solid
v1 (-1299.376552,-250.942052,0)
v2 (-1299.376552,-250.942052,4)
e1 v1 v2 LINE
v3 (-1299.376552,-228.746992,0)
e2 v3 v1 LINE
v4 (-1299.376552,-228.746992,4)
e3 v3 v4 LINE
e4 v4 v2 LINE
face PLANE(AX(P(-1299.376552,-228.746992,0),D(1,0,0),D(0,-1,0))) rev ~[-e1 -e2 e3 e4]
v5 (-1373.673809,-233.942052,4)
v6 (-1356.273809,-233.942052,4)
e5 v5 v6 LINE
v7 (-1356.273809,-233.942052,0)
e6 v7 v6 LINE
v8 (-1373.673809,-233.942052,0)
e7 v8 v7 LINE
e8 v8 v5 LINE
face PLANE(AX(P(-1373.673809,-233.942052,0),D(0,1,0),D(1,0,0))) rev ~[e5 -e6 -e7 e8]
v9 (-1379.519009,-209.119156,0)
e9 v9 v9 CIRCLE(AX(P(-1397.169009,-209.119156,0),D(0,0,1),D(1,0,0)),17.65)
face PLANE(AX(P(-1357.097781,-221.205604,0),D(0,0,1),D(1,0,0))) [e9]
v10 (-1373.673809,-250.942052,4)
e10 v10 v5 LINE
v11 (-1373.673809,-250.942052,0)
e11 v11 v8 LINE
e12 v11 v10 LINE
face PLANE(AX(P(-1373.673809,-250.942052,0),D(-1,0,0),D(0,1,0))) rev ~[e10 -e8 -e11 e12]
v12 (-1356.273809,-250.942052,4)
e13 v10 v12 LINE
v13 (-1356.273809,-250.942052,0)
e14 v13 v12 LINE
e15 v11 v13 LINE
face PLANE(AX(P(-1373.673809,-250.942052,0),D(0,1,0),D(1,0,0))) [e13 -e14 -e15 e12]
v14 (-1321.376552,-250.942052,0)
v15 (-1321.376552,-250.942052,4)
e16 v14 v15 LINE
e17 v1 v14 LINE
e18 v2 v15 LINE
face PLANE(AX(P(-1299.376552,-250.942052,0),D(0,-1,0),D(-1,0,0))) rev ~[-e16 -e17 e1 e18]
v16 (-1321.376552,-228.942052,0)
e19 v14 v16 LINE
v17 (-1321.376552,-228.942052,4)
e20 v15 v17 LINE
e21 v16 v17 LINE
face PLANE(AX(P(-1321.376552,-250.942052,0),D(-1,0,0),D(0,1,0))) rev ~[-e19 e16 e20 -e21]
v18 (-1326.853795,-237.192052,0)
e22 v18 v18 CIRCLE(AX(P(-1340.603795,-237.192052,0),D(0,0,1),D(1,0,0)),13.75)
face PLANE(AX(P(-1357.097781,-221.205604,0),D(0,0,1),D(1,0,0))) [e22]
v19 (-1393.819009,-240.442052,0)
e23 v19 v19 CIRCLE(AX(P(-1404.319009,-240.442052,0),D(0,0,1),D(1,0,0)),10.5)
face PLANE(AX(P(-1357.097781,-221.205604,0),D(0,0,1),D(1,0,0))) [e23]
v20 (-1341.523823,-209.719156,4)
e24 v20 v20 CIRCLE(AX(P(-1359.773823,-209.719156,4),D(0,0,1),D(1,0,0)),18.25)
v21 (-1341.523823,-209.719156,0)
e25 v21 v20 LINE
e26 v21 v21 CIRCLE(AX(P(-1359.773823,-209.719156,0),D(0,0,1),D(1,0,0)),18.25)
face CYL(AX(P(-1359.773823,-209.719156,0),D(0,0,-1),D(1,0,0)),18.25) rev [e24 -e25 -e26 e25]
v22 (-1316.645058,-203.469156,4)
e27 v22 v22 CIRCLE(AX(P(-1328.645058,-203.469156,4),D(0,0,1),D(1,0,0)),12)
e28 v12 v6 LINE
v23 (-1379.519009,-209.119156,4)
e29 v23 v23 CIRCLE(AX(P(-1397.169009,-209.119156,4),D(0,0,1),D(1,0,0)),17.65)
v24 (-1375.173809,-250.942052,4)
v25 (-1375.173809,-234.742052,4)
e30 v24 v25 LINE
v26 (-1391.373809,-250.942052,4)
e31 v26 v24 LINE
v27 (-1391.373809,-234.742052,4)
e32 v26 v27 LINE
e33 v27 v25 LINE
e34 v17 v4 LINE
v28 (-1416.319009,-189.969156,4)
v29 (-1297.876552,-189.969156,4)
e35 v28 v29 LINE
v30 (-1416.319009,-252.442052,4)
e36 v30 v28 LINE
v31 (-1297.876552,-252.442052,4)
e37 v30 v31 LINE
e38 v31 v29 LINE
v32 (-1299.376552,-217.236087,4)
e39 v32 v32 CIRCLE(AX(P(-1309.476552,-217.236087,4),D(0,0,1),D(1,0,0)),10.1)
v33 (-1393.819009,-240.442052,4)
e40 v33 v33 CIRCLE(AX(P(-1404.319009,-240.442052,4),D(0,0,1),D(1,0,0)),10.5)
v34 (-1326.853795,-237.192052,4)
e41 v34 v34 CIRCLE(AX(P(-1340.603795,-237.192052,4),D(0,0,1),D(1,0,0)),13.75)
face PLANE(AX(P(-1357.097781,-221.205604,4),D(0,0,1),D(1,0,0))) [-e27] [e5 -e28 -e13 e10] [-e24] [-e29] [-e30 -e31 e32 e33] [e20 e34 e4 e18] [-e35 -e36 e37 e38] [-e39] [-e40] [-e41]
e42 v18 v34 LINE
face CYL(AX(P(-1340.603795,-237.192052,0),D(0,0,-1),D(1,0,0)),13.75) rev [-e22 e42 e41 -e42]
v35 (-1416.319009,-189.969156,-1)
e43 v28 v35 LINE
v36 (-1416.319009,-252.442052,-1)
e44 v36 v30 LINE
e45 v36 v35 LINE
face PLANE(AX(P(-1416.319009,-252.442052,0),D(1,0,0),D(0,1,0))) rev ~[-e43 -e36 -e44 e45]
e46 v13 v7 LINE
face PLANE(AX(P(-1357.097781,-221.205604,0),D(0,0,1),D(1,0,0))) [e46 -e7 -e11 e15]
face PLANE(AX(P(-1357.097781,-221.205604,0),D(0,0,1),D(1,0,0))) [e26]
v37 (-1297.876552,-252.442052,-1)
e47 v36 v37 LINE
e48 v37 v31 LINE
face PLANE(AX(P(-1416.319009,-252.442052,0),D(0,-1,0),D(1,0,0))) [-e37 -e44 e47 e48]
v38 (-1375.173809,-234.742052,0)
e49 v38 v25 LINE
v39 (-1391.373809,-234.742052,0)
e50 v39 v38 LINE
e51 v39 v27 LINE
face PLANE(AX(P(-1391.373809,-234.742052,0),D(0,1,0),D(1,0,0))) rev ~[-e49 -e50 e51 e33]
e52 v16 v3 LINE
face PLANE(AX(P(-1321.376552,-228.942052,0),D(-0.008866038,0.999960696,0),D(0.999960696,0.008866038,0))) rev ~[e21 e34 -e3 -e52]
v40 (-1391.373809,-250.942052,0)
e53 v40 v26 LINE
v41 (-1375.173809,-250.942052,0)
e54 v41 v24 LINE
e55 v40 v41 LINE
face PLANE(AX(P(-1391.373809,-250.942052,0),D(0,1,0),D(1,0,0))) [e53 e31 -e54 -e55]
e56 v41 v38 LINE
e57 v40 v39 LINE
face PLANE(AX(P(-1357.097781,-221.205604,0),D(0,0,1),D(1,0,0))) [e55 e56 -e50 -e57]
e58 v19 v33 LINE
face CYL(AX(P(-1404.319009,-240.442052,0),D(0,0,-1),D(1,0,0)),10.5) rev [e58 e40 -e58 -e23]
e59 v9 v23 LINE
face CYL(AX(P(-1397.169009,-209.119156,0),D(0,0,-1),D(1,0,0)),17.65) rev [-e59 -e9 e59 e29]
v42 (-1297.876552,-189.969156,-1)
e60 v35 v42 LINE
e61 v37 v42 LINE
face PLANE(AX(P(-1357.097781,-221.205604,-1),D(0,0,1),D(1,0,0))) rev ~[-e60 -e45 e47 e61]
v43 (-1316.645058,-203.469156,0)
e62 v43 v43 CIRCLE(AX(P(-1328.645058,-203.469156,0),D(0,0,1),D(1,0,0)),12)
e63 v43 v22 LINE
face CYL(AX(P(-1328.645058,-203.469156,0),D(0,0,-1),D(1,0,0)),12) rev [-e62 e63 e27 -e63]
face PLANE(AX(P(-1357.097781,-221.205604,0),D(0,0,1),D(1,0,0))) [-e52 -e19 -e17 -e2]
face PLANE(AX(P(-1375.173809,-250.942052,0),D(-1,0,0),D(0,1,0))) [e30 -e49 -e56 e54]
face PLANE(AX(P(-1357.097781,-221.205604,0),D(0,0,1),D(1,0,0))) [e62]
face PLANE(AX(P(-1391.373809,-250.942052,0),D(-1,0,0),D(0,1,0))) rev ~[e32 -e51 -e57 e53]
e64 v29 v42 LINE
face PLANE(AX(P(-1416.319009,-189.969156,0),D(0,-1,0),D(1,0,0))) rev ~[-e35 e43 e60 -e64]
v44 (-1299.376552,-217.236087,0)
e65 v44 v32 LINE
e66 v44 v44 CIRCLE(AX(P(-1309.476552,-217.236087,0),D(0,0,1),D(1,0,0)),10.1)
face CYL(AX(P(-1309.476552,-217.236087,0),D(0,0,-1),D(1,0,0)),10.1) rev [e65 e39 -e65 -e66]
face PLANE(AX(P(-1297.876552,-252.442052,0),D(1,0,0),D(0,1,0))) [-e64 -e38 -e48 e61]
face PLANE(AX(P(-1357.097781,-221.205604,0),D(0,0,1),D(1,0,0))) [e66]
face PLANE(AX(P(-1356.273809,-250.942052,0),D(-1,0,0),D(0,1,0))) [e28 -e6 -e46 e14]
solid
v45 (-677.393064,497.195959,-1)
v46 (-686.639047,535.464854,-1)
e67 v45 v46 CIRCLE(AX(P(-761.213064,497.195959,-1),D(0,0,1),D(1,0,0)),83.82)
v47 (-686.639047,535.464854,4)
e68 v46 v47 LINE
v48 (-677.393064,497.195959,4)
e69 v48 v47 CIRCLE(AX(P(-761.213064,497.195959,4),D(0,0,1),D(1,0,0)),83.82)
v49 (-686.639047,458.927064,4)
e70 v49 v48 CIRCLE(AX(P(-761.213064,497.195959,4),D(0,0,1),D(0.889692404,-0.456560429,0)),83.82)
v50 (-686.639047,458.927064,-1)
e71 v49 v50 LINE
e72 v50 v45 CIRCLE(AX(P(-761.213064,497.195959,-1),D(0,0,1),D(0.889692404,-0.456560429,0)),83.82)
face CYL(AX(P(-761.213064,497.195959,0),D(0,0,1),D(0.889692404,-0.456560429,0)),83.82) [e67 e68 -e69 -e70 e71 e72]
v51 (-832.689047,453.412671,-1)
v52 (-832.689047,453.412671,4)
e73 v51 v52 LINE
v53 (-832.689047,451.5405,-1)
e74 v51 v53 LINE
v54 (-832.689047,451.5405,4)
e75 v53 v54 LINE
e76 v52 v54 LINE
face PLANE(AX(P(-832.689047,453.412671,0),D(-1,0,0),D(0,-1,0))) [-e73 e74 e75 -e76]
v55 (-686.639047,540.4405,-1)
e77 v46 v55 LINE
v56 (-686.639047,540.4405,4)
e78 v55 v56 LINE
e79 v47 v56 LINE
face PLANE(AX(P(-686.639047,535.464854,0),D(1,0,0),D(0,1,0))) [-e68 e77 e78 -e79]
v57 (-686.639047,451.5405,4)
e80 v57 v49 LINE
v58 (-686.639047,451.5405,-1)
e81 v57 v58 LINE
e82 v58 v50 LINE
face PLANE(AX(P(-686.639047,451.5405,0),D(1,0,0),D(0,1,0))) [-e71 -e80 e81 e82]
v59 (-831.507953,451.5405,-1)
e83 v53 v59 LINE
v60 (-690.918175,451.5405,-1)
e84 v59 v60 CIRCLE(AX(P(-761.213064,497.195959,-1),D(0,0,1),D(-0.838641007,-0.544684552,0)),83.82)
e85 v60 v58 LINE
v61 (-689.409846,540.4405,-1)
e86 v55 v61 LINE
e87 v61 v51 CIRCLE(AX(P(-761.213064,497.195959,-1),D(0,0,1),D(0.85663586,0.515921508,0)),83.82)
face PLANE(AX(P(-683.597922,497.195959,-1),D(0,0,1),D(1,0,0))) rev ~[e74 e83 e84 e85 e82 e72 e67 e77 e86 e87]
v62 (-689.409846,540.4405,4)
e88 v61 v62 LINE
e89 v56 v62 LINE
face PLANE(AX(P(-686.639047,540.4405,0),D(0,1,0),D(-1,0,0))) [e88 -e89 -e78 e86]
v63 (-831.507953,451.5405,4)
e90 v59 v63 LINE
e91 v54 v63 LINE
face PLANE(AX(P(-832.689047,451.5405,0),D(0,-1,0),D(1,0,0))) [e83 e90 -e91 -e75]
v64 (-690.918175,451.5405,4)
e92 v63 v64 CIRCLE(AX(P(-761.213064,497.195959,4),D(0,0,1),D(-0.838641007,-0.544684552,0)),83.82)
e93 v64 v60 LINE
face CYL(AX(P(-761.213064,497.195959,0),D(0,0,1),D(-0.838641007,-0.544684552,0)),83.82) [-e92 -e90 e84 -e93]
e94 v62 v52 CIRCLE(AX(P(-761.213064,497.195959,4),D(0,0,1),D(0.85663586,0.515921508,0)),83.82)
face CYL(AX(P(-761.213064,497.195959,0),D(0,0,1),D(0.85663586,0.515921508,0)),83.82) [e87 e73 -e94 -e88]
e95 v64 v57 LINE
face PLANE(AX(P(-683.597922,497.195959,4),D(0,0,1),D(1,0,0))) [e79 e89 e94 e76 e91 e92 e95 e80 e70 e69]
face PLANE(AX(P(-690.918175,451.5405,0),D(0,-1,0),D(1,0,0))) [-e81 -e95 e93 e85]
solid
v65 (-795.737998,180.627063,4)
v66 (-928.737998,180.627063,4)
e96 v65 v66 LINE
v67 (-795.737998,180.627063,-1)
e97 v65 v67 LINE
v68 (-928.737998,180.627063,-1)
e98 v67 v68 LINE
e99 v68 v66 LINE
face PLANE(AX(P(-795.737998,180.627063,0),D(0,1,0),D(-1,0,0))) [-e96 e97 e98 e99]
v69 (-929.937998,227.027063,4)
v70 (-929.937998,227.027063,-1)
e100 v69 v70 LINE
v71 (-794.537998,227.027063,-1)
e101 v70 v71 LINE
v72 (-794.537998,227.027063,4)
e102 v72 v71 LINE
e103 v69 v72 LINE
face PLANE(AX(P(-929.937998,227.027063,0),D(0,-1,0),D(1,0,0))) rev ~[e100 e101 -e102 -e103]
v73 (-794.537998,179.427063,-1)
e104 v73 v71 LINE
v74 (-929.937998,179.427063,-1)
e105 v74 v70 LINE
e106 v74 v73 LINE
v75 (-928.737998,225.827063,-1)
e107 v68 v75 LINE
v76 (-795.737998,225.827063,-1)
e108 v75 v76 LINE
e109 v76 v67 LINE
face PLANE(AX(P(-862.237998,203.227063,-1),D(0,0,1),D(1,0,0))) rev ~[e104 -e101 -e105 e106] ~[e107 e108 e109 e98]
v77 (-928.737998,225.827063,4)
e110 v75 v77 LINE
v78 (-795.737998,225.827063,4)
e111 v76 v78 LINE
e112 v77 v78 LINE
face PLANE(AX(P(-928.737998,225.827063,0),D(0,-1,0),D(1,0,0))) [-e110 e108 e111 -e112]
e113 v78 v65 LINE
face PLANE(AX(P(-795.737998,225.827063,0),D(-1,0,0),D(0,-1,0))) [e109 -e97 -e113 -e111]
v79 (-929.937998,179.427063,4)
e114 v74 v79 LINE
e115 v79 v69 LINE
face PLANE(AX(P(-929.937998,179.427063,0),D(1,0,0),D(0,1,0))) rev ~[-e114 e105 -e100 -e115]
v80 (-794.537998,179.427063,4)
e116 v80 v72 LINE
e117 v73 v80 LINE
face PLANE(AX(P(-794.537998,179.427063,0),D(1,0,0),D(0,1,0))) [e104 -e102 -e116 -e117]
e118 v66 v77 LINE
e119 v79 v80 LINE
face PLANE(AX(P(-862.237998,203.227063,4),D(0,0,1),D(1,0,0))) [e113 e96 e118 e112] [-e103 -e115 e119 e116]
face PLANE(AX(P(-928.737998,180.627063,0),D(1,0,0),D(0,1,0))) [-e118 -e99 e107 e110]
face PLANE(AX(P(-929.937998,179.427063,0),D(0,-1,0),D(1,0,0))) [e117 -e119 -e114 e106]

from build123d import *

# Parameters (mm, degrees)
F1_DEPTH = 4
F0_W     = 118.4424577934
F0_H     = 62.4728963787
F0_R     = 10.5
F0_W_2   = 16.2
F0_H_2   = 16.2
F0_R_2   = 17.65
F0_W_3   = 17.4
F0_H_3   = 17
F0_R_3   = 13.75
F0_R_4   = 18.25
F0_R_5   = 12
F0_R_6   = 10.1
F0_W_4   = 135.4
F0_H_4   = 47.6
F2_DEPTH = 1


with BuildPart() as f1:
    # F0 (on Top) → F1 (new body)
    with BuildSketch(Plane.XY):
        with BuildLine():
            ThreePointArc((-686.6390468597, 458.9270639063), (-679.7373422487, 477.5109614145), (-677.3930641937, 497.1959590912))
            ThreePointArc((-677.3930641937, 497.1959590912), (-679.7373422487, 516.8809567679), (-686.6390468597, 535.4648542761))
            Line((-686.6390468597, 535.4648542761), (-686.6390468597, 458.9270639063))
        make_face()
        with BuildLine():
            Line((-686.6390468597, 458.9270639063), (-686.6390468597, 535.4648542761))
            ThreePointArc((-686.6390468597, 535.4648542761), (-687.9821758707, 537.9762165133), (-689.4098463827, 540.4404999256))
            Line((-689.4098463827, 540.4404999256), (-832.6890468597, 540.4404999256))
            Line((-832.6890468597, 540.4404999256), (-832.6890468597, 453.4126711616))
            ThreePointArc((-832.6890468597, 453.4126711616), (-832.104680652, 452.4726864479), (-831.507953399, 451.5404999256))
            Line((-831.507953399, 451.5404999256), (-690.9181749885, 451.5404999256))
            ThreePointArc((-690.9181749885, 451.5404999256), (-688.6845156605, 455.1792713627), (-686.6390468597, 458.9270639063))
        make_face()
        with BuildLine():
            ThreePointArc((-689.4098463827, 540.4404999256), (-687.9821758707, 537.9762165133), (-686.6390468597, 535.4648542761))
            Line((-686.6390468597, 535.4648542761), (-686.6390468597, 540.4404999256))
            Line((-686.6390468597, 540.4404999256), (-689.4098463827, 540.4404999256))
        make_face()
        with BuildLine():
            Line((-686.6390468597, 451.5404999256), (-686.6390468597, 458.9270639063))
            ThreePointArc((-686.6390468597, 458.9270639063), (-688.6845156605, 455.1792713627), (-690.9181749885, 451.5404999256))
            Line((-690.9181749885, 451.5404999256), (-686.6390468597, 451.5404999256))
        make_face()
        with BuildLine():
            Line((-832.6890468597, 540.4404999256), (-689.4098463827, 540.4404999256))
            ThreePointArc((-689.4098463827, 540.4404999256), (-804.7272861856, 568.8360657665), (-832.6890468597, 453.4126711616))
            Line((-832.6890468597, 453.4126711616), (-832.6890468597, 540.4404999256))
        make_face()
        with BuildLine():
            ThreePointArc((-831.507953399, 451.5404999256), (-761.2130641937, 413.3759590912), (-690.9181749885, 451.5404999256))
            Line((-690.9181749885, 451.5404999256), (-831.507953399, 451.5404999256))
        make_face()
        with BuildLine():
            ThreePointArc((-831.507953399, 451.5404999256), (-832.104680652, 452.4726864479), (-832.6890468597, 453.4126711616))
            Line((-832.6890468597, 453.4126711616), (-832.6890468597, 451.5404999256))
            Line((-832.6890468597, 451.5404999256), (-831.507953399, 451.5404999256))
        make_face()
    extrude(amount=F1_DEPTH)

    # F0 (on Top) → F2 (join)
    with BuildSketch(Plane.XY):
        with BuildLine():
            ThreePointArc((-686.6390468597, 458.9270639063), (-679.7373422487, 477.5109614145), (-677.3930641937, 497.1959590912))
            ThreePointArc((-677.3930641937, 497.1959590912), (-679.7373422487, 516.8809567679), (-686.6390468597, 535.4648542761))
            Line((-686.6390468597, 535.4648542761), (-686.6390468597, 458.9270639063))
        make_face()
        with BuildLine():
            Line((-686.6390468597, 458.9270639063), (-686.6390468597, 535.4648542761))
            ThreePointArc((-686.6390468597, 535.4648542761), (-687.9821758707, 537.9762165133), (-689.4098463827, 540.4404999256))
            Line((-689.4098463827, 540.4404999256), (-832.6890468597, 540.4404999256))
            Line((-832.6890468597, 540.4404999256), (-832.6890468597, 453.4126711616))
            ThreePointArc((-832.6890468597, 453.4126711616), (-832.104680652, 452.4726864479), (-831.507953399, 451.5404999256))
            Line((-831.507953399, 451.5404999256), (-690.9181749885, 451.5404999256))
            ThreePointArc((-690.9181749885, 451.5404999256), (-688.6845156605, 455.1792713627), (-686.6390468597, 458.9270639063))
        make_face()
        with BuildLine():
            ThreePointArc((-689.4098463827, 540.4404999256), (-687.9821758707, 537.9762165133), (-686.6390468597, 535.4648542761))
            Line((-686.6390468597, 535.4648542761), (-686.6390468597, 540.4404999256))
            Line((-686.6390468597, 540.4404999256), (-689.4098463827, 540.4404999256))
        make_face()
        with BuildLine():
            Line((-686.6390468597, 451.5404999256), (-686.6390468597, 458.9270639063))
            ThreePointArc((-686.6390468597, 458.9270639063), (-688.6845156605, 455.1792713627), (-690.9181749885, 451.5404999256))
            Line((-690.9181749885, 451.5404999256), (-686.6390468597, 451.5404999256))
        make_face()
        with BuildLine():
            Line((-832.6890468597, 540.4404999256), (-689.4098463827, 540.4404999256))
            ThreePointArc((-689.4098463827, 540.4404999256), (-804.7272861856, 568.8360657665), (-832.6890468597, 453.4126711616))
            Line((-832.6890468597, 453.4126711616), (-832.6890468597, 540.4404999256))
        make_face()
        with BuildLine():
            ThreePointArc((-831.507953399, 451.5404999256), (-761.2130641937, 413.3759590912), (-690.9181749885, 451.5404999256))
            Line((-690.9181749885, 451.5404999256), (-831.507953399, 451.5404999256))
        make_face()
        with BuildLine():
            ThreePointArc((-831.507953399, 451.5404999256), (-832.104680652, 452.4726864479), (-832.6890468597, 453.4126711616))
            Line((-832.6890468597, 453.4126711616), (-832.6890468597, 451.5404999256))
            Line((-832.6890468597, 451.5404999256), (-831.507953399, 451.5404999256))
        make_face()
    extrude(amount=-F2_DEPTH)


with BuildPart() as f1b:
    # F0 (on Top) → F1, piece 2 (new body)
    with BuildSketch(Plane.XY):
        with Locations((-1357.0977805248, -221.2056042942)):
            Rectangle(F0_W, F0_H)
        with Locations((-1404.3190094215, -240.4420524836)):
            Circle(F0_R, mode=Mode.SUBTRACT)
        with Locations((-1383.2738094807, -242.8420524836)):
            Rectangle(F0_W_2, F0_H_2, mode=Mode.SUBTRACT)
        with Locations((-1397.1690094215, -209.1191561049)):
            Circle(F0_R_2, mode=Mode.SUBTRACT)
        with Locations((-1364.9738094807, -242.4420524836)):
            Rectangle(F0_W_3, F0_H_3, mode=Mode.SUBTRACT)
        with Locations((-1340.603794799, -237.1920524836)):
            Circle(F0_R_3, mode=Mode.SUBTRACT)
        with Locations((-1359.7738225655, -209.7191561049)):
            Circle(F0_R_4, mode=Mode.SUBTRACT)
        with Locations((-1328.6450577329, -203.4691561049)):
            Circle(F0_R_5, mode=Mode.SUBTRACT)
        Polygon((-1299.3765516281, -250.9420524836), (-1321.3765516281, -250.9420524836), (-1321.3765516281, -228.9420524836), (-1299.3765516281, -228.7469919896), align=None, mode=Mode.SUBTRACT)
        with Locations((-1309.4765516281, -217.2360865438)):
            Circle(F0_R_6, mode=Mode.SUBTRACT)
    extrude(amount=F1_DEPTH)

    # F0 (on Top) → F2, piece 2 (join)
    with BuildSketch(Plane.XY):
        with Locations((-1357.0977805248, -221.2056042942)):
            Rectangle(F0_W, F0_H)
        with Locations((-1404.3190094215, -240.4420524836)):
            Circle(F0_R, mode=Mode.SUBTRACT)
        with Locations((-1383.2738094807, -242.8420524836)):
            Rectangle(F0_W_2, F0_H_2, mode=Mode.SUBTRACT)
        with Locations((-1397.1690094215, -209.1191561049)):
            Circle(F0_R_2, mode=Mode.SUBTRACT)
        with Locations((-1364.9738094807, -242.4420524836)):
            Rectangle(F0_W_3, F0_H_3, mode=Mode.SUBTRACT)
        with Locations((-1340.603794799, -237.1920524836)):
            Circle(F0_R_3, mode=Mode.SUBTRACT)
        with Locations((-1359.7738225655, -209.7191561049)):
            Circle(F0_R_4, mode=Mode.SUBTRACT)
        with Locations((-1328.6450577329, -203.4691561049)):
            Circle(F0_R_5, mode=Mode.SUBTRACT)
        Polygon((-1299.3765516281, -250.9420524836), (-1321.3765516281, -250.9420524836), (-1321.3765516281, -228.9420524836), (-1299.3765516281, -228.7469919896), align=None, mode=Mode.SUBTRACT)
        with Locations((-1309.4765516281, -217.2360865438)):
            Circle(F0_R_6, mode=Mode.SUBTRACT)
        with Locations((-1397.1690094215, -209.1191561049)):
            Circle(F0_R_2)
        with Locations((-1359.7738225655, -209.7191561049)):
            Circle(F0_R_4)
        with Locations((-1328.6450577329, -203.4691561049)):
            Circle(F0_R_5)
        with Locations((-1309.4765516281, -217.2360865438)):
            Circle(F0_R_6)
        Polygon((-1321.3765516281, -228.9420524836), (-1321.3765516281, -250.9420524836), (-1299.3765516281, -250.9420524836), (-1299.3765516281, -228.7469919896), align=None)
        with Locations((-1340.603794799, -237.1920524836)):
            Circle(F0_R_3)
        with Locations((-1364.9738094807, -242.4420524836)):
            Rectangle(F0_W_3, F0_H_3)
        with Locations((-1383.2738094807, -242.8420524836)):
            Rectangle(F0_W_2, F0_H_2)
        with Locations((-1404.3190094215, -240.4420524836)):
            Circle(F0_R)
    extrude(amount=-F2_DEPTH)


with BuildPart() as f1c:
    # F0 (on Top) → F1, piece 3 (new body)
    with BuildSketch(Plane.XY):
        with Locations((-862.2379980087, 203.2270629168)):
            Rectangle(F0_W_4, F0_H_4)
        Polygon((-906.7379980087, 180.6270629168), (-928.7379980087, 180.6270629168), (-928.7379980087, 202.6270629168), (-928.7379980087, 203.8270629168), (-928.7379980087, 225.8270629168), (-906.7379980087, 225.8270629168), (-884.7379980087, 225.8270629168), (-862.7379980087, 225.8270629168), (-840.7379980087, 225.8270629168), (-818.7379980087, 225.8270629168), (-796.7379980087, 225.8270629168), (-795.7379980087, 225.8270629168), (-795.7379980087, 180.6270629168), (-796.7379980087, 180.6270629168), (-818.7379980087, 180.6270629168), (-840.7379980087, 180.6270629168), (-862.7379980087, 180.6270629168), (-884.7379980087, 180.6270629168), align=None, mode=Mode.SUBTRACT)
    extrude(amount=F1_DEPTH)

    # F0 (on Top) → F2, piece 3 (join)
    with BuildSketch(Plane.XY):
        with Locations((-862.2379980087, 203.2270629168)):
            Rectangle(F0_W_4, F0_H_4)
        Polygon((-906.7379980087, 180.6270629168), (-928.7379980087, 180.6270629168), (-928.7379980087, 202.6270629168), (-928.7379980087, 203.8270629168), (-928.7379980087, 225.8270629168), (-906.7379980087, 225.8270629168), (-884.7379980087, 225.8270629168), (-862.7379980087, 225.8270629168), (-840.7379980087, 225.8270629168), (-818.7379980087, 225.8270629168), (-796.7379980087, 225.8270629168), (-795.7379980087, 225.8270629168), (-795.7379980087, 180.6270629168), (-796.7379980087, 180.6270629168), (-818.7379980087, 180.6270629168), (-840.7379980087, 180.6270629168), (-862.7379980087, 180.6270629168), (-884.7379980087, 180.6270629168), align=None, mode=Mode.SUBTRACT)
    extrude(amount=-F2_DEPTH)


solid = Compound([f1.part, f1b.part, f1c.part])
